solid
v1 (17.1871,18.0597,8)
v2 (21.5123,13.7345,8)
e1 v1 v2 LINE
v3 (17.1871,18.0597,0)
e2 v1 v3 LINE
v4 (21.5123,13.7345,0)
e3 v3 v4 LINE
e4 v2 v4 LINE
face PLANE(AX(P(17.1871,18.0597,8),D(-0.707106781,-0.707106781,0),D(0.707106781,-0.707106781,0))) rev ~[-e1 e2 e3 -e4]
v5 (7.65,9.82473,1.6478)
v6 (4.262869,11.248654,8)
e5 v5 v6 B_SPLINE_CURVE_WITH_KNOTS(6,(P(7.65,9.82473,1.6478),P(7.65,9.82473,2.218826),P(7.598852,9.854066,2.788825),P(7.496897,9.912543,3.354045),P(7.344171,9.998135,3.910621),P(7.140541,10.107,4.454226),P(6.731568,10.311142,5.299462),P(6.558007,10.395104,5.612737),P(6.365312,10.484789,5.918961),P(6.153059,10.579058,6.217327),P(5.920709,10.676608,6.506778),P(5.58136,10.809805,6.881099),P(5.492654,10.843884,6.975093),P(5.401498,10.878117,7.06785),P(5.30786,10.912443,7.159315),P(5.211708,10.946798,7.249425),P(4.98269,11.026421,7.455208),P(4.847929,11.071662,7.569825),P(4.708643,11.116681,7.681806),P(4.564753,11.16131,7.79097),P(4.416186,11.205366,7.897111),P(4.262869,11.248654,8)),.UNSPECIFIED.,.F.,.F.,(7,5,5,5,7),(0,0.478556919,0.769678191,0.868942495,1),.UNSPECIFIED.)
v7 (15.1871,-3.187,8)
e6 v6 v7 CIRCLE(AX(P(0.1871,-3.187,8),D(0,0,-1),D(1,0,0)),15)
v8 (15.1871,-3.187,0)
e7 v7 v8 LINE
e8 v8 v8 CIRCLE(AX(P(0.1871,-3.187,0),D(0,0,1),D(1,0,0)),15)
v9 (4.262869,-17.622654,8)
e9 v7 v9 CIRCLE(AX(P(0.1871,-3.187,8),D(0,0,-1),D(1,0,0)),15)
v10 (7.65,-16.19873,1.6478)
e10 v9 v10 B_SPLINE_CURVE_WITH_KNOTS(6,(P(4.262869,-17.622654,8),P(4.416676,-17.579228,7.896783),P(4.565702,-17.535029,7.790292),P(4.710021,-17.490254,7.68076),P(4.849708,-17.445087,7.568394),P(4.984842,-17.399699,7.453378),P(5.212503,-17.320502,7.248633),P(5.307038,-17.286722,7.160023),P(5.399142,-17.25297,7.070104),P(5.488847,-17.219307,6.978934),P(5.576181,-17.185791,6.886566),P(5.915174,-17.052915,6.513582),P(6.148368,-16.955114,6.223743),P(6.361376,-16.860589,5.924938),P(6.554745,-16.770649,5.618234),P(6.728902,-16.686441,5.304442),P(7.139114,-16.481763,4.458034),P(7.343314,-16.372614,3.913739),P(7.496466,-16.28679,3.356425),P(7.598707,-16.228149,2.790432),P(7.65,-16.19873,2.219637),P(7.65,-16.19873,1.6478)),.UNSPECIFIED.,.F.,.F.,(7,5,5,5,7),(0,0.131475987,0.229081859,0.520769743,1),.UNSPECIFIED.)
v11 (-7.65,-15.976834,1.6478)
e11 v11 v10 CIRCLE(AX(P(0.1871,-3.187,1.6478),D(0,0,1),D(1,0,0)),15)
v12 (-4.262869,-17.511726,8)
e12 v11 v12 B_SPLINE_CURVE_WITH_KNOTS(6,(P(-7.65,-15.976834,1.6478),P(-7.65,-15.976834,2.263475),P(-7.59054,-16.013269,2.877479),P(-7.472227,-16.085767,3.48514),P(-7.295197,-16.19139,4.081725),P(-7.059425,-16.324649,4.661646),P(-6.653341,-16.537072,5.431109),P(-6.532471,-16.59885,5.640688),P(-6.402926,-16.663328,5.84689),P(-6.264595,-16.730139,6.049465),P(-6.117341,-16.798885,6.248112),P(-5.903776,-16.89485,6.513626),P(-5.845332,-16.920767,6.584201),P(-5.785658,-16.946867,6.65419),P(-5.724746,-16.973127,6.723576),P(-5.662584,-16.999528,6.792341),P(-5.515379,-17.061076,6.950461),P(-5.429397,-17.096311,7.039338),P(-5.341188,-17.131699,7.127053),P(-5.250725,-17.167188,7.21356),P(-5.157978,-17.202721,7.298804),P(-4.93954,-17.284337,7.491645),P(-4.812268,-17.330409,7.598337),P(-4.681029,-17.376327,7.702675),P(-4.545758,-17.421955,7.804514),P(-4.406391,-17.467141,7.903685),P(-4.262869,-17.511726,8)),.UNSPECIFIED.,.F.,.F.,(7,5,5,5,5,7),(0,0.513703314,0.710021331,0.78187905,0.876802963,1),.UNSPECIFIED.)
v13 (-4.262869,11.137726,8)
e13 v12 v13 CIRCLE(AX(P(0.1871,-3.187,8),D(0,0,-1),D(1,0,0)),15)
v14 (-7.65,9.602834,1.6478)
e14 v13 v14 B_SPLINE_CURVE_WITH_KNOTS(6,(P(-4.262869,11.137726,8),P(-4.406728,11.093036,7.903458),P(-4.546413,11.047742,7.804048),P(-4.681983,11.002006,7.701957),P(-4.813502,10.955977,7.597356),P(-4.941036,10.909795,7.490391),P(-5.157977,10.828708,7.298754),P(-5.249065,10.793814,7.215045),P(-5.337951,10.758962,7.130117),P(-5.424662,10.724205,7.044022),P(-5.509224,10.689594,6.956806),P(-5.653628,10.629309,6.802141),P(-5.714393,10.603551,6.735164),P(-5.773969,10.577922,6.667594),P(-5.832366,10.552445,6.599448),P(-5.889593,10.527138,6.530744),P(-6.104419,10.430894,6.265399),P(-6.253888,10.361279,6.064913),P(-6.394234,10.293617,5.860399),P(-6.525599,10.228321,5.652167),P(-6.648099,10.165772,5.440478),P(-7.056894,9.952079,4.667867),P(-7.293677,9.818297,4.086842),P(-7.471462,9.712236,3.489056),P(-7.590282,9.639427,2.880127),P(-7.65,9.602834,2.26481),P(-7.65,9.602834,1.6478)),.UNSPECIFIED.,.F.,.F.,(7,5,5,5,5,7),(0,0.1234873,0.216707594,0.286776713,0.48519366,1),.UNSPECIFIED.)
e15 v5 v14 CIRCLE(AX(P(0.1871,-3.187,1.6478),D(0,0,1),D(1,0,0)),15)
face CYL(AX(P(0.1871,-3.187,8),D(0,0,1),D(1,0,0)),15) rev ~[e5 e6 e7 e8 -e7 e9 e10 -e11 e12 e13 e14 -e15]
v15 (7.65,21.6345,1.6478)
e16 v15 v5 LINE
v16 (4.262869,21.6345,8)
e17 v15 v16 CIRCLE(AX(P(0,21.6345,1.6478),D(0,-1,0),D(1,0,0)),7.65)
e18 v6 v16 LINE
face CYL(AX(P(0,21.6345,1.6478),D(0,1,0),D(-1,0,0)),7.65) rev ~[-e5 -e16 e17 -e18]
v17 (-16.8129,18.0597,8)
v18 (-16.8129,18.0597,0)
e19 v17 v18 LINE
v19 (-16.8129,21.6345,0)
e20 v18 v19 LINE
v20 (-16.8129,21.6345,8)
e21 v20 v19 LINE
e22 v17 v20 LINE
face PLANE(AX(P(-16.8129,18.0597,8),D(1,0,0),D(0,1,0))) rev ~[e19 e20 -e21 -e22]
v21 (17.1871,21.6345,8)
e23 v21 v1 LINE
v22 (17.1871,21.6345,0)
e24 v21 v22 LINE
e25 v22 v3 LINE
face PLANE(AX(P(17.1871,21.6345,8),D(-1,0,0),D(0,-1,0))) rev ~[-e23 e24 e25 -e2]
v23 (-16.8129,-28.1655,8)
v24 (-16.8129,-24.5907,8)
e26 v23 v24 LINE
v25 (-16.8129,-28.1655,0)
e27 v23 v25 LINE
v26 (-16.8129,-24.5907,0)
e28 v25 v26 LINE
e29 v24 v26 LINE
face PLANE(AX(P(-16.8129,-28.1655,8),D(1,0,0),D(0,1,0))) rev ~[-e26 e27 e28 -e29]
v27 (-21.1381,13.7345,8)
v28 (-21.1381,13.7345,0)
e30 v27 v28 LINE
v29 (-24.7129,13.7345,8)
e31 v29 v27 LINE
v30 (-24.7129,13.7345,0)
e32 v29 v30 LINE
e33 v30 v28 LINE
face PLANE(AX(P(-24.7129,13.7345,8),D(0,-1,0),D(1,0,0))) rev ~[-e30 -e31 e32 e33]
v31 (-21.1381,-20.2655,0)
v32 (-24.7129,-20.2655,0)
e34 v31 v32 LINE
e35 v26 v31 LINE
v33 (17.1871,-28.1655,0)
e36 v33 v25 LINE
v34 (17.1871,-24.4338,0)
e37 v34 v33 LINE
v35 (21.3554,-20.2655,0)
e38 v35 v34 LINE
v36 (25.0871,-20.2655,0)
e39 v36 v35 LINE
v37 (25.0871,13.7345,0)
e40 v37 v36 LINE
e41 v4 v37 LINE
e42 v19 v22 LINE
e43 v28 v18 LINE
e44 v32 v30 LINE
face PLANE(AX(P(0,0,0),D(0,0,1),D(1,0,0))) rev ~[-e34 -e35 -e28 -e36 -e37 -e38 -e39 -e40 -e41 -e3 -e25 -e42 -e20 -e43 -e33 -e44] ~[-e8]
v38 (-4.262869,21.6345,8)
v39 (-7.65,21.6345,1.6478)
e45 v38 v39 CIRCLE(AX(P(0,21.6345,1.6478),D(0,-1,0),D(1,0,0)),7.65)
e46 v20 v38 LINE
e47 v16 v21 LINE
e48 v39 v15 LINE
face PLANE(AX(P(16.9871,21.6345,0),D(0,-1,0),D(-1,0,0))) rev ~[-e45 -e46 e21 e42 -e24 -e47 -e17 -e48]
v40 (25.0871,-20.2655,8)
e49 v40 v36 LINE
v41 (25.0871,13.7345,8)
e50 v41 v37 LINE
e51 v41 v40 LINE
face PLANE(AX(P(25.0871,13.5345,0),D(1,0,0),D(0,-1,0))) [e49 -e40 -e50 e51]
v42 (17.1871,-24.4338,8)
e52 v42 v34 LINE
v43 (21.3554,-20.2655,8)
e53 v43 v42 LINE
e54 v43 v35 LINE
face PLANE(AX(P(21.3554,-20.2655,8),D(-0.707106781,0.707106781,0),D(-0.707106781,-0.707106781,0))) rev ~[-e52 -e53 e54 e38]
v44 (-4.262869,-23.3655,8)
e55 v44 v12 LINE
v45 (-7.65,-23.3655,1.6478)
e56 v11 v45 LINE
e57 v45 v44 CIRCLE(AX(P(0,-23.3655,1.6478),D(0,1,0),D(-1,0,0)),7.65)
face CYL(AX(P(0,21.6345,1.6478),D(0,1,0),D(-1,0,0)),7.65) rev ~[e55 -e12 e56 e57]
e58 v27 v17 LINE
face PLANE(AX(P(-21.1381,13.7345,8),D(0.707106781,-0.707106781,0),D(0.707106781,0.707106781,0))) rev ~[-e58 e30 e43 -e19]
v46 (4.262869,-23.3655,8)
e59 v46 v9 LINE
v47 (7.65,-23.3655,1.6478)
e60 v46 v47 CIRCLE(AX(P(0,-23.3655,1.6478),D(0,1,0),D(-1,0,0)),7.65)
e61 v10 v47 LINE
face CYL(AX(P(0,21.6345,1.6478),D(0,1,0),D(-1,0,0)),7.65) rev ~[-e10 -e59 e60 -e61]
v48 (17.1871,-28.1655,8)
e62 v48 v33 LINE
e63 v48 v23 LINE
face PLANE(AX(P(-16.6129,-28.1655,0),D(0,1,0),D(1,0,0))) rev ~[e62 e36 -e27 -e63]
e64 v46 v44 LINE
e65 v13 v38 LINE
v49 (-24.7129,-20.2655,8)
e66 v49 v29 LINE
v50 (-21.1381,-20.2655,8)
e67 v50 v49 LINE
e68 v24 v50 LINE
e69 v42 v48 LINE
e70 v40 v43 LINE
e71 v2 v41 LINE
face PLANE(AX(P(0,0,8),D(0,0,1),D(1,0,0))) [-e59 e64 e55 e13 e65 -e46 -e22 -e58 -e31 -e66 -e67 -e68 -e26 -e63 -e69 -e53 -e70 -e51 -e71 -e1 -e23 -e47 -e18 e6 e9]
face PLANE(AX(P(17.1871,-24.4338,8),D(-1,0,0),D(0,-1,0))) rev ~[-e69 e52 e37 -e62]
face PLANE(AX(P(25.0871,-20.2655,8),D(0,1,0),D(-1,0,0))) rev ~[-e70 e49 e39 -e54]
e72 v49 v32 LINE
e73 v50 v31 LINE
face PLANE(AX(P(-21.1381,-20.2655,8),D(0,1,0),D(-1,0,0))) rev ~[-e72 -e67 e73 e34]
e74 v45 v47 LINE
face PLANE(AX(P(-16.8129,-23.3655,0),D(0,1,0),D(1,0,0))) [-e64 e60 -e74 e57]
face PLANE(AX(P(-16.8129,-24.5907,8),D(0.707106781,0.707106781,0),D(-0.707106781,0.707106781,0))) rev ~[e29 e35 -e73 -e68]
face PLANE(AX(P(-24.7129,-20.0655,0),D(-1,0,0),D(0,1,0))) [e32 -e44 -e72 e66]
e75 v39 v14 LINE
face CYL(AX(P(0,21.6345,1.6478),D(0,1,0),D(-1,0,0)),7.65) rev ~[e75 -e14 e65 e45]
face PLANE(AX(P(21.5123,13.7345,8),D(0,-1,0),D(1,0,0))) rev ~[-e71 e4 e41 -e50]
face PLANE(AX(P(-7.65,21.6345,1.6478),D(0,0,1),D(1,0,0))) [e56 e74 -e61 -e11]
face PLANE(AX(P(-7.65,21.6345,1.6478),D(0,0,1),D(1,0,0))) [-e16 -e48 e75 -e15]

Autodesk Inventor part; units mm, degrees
ref_plane "YZ Plane" through (0, 0, 0) normal (1, 0, 0) x (0, 1, 0)
ref_plane "XZ Plane" through (0, 0, 0) normal (0, 1, 0) x (-1, 0, 0)
ref_plane "XY Plane" through (0, 0, 0) normal (0, 0, 1) x (1, 0, 0)
sketch "Sketch1" plane through (0, 0, 0) normal (0, 0, 1) x (1, 0, 0)
  line L0 (21.5871, 13.6345) -> (17.0871, 18.1345) projected
  line L1 (17.0871, 18.1345) -> (-16.7129, 18.1345) projected
  line L2 (-16.7129, 18.1345) -> (-21.2129, 13.6345) projected
  line L3 (-21.0966, 13.6345) -> (-21.0966, -20.1655) projected
  line L4 (21.4709, -20.1655) -> (21.4709, 13.6345) projected
  line L5 (21.4709, -20.1655) -> (17.0871, -24.4078) projected
  line L6 (-16.7129, -24.4078) -> (17.0871, -24.4078) projected
  line L7 (-16.7129, -24.4078) -> (-21.0966, -20.1655) projected
  line L8 (-24.7129, -28.1655) -> (-24.7129, 13.6345) construction
  line L9 (25.0871, -28.1655) -> (-24.7129, -28.1655) construction
  line L10 (25.0871, -28.1655) -> (25.0871, 13.6345) construction
  line L11 (17.0871, 21.6345) -> (-16.7129, 21.6345) construction
  line L12 (-21.0552, -20.0655) -> (-16.6129, -24.5078)
  line L13 (-16.6129, -24.5078) -> (-16.6129, -28.1655)
  line L14 (-16.6129, -28.1655) -> (17.0871, -28.1655)
  line L15 (25.0871, -20.0655) -> (21.4295, -20.0655)
  line L16 (25.0871, 13.5345) -> (25.0871, -20.0655)
  line L17 (21.4295, 13.5345) -> (25.0871, 13.5345)
  line L18 (21.4295, 13.5345) -> (16.9871, 17.9768)
  line L19 (16.9871, 17.9768) -> (16.9871, 21.6345)
  line L20 (16.9871, 21.6345) -> (-16.6129, 21.6345)
  line L21 (-16.6129, 21.6345) -> (-16.6129, 17.9768)
  line L22 (-16.6129, 17.9768) -> (-21.0552, 13.5345)
  line L23 (-24.7129, 13.5345) -> (-21.0552, 13.5345)
  line L24 (-24.7129, -20.0655) -> (-24.7129, 13.5345)
  line L25 (-21.0552, -20.0655) -> (-24.7129, -20.0655)
  line L26 (-12.3129, -23.2655) -> (12.6871, -23.2655) projected
  line L27 (12.6871, -23.2655) -> (12.6871, 16.7345) projected
  line L28 (-12.3129, 16.7345) -> (12.6871, 16.7345) projected
  line L29 (-12.3129, -23.2655) -> (-12.3129, 16.7345) projected
  line L30 (14.6871, -25.2655) -> (-14.3129, -25.2655) construction
  line L31 (-14.3129, -25.2655) -> (-14.3129, 18.7345) construction
  line L32 (-14.3129, 18.7345) -> (14.6871, 18.7345) construction
  line L33 (14.6871, 18.7345) -> (14.6871, -25.2655) construction
  line L34 (-17.3129, 21.7345) -> (17.6871, 21.7345) construction
  line L35 (17.6871, 21.7345) -> (17.6871, -28.2655) construction
  line L36 (17.6871, -28.2655) -> (-17.3129, -28.2655) construction
  line L37 (-17.3129, -28.2655) -> (-17.3129, 21.7345) construction
  line L38 (-14.3129, -23.2655) -> (-14.3129, -25.2655)
  line L39 (-14.3129, -25.2655) -> (14.6871, -25.2655)
  line L40 (14.6871, -25.2655) -> (14.6871, -20.0655)
  line L41 (14.6871, -20.0655) -> (17.6871, -20.0655)
  line L42 (17.6871, -20.0655) -> (17.6871, 13.5345)
  line L43 (17.6871, 13.5345) -> (14.6871, 13.5345)
  line L44 (14.6871, 13.5345) -> (14.6871, 18.7345)
  line L45 (14.6871, 18.7345) -> (-14.3129, 18.7345)
  line L46 (-14.3129, 18.7345) -> (-14.3129, 13.5345)
  line L47 (-14.3129, 13.5345) -> (-17.3129, 13.5345)
  line L48 (-17.3129, 13.5345) -> (-17.3129, -20.0655)
  line L49 (-17.3129, -20.0655) -> (-14.3129, -20.0655)
  line L50 (-14.3129, -20.0655) -> (-14.3129, -23.2655)
  line L51 (-16.6129, -28.1655) -> (17.0871, -28.1655)
  line L52 (16.9871, -28.1655) -> (16.9871, -24.3509)
  line L53 (16.9871, -24.3509) -> (21.2726, -20.0655)
  line L54 (21.2726, -20.0655) -> (21.4295, -20.0655)
  point P0 (14.2, -44.8454)
  point P1 (16.9871, 19.8057)
  dimension "d74" = 2
  dimension "d75" = 5
  dimension "d76" = 135
extrude "Extrusion1" add sketch "Sketch1" along normal blind 8 contours L19 L18 L17 L4 L15 L54 L53 L52 L6 L40 L41 L42 L43 L44 L1 | L1 L44 L45 L46 L21 L20 L19 | L44 L43 L42 L41 L40 L6 L38 L50 L49 L48 L47 L46 L1 | L1 L46 L45 L44 | L46 L47 L48 L49 L50 L38 L6 L12 L25 L3 L23 L22 L21 L1 | L17 L16 L15 L4 | L3 L25 L24 L23 | L40 L39 L38 L6 | L6 L52 L14 L13 L12 L38 L39 L40 | L29 L28 L27 L26
sketch "Skizze7" plane through (0, 0, 8) normal (0, 0, 1) x (1, 0, 0)
  line L0 (-21.0552, -20.0655) -> (-16.6129, -24.5078) projected
  line L1 (-16.6129, -24.5078) -> (-16.6129, -28.1655) projected
  line L2 (-16.6129, -28.1655) -> (16.9871, -28.1655) construction
  line L3 (16.9871, -28.1655) -> (16.9871, -24.3509) projected
  line L4 (16.9871, -24.3509) -> (21.2726, -20.0655) projected
  line L5 (21.2726, -20.0655) -> (25.0871, -20.0655) projected
  line L6 (25.0871, -20.0655) -> (25.0871, 13.5345) construction
  line L7 (25.0871, 13.5345) -> (21.4295, 13.5345) projected
  line L8 (21.4295, 13.5345) -> (16.9871, 17.9768) projected
  line L9 (16.9871, 17.9768) -> (16.9871, 21.6345) projected
  line L10 (16.9871, 21.6345) -> (-16.6129, 21.6345) construction
  line L11 (-16.6129, 21.6345) -> (-16.6129, 17.9768) projected
  line L12 (-16.6129, 17.9768) -> (-21.0552, 13.5345) projected
  line L13 (-21.0552, 13.5345) -> (-24.7129, 13.5345) projected
  line L14 (-24.7129, 13.5345) -> (-24.7129, -20.0655) construction
  line L15 (-24.7129, -20.0655) -> (-21.0552, -20.0655) projected
  line L16 (-16.8129, 21.8345) -> (17.1871, 21.8345) construction
  line L17 (17.1871, 21.8345) -> (17.1871, 18.0597)
  line L18 (17.1871, 18.0597) -> (21.5123, 13.7345)
  line L19 (21.5123, 13.7345) -> (25.2871, 13.7345)
  line L20 (25.2871, 13.7345) -> (25.2871, -20.2655) construction
  line L21 (25.2871, -20.2655) -> (21.3554, -20.2655)
  line L22 (21.3554, -20.2655) -> (17.1871, -24.4338)
  line L23 (17.1871, -24.4338) -> (17.1871, -28.3655)
  line L24 (17.1871, -28.3655) -> (-16.8129, -28.3655) construction
  line L25 (-16.8129, -28.3655) -> (-16.8129, -24.5907)
  line L26 (-16.8129, -24.5907) -> (-21.1381, -20.2655)
  line L27 (-21.1381, -20.2655) -> (-24.9129, -20.2655)
  line L28 (-24.9129, -20.2655) -> (-24.9129, 13.7345) construction
  line L29 (-24.9129, 13.7345) -> (-21.1381, 13.7345)
  line L30 (-21.1381, 13.7345) -> (-16.8129, 18.0597)
  line L31 (-16.8129, 18.0597) -> (-16.8129, 21.8345)
  line L32 (-21.0552, 13.5345) -> (-24.7129, 13.5345) projected
  line L33 (-24.7129, 13.5345) -> (-24.7129, 13.7345)
  line L34 (-16.6129, 21.6345) -> (-16.6129, 17.9768) projected
  line L35 (-16.6129, 21.6345) -> (-16.8129, 21.6345)
  line L36 (25.0871, -20.0655) -> (25.0871, 13.5345) projected
  line L37 (25.0871, 13.5345) -> (25.0871, 13.7345)
  line L38 (16.9871, 21.6345) -> (17.1871, 21.6345)
  line L39 (16.9871, -28.1655) -> (17.1871, -28.1655)
  line L40 (25.0871, -20.0655) -> (25.0871, -20.2655)
  line L41 (-16.6129, -28.1655) -> (-16.8129, -28.1655)
  line L42 (-24.7129, -20.0655) -> (-24.7129, -20.2655)
  dimension "d94" = 0.2
extrude "IM_offset" add sketch "Skizze7" against normal up to surface (8 mm away)
sketch "Sketch8" plane through (-16.8129, 21.6345, 0) normal (0, 1, 0) x (1, 0, 0)
  line L0 (0, 0) -> (34, 0) projected
  line L1 (34, -8) -> (0, -8) projected
  line L2 (9.1629, -1.6478) -> (24.4629, -1.6478)
  arc A0 (9.1629, -1.6478) -> (24.4629, -1.6478) centre (16.8129, -1.6478) ccw
  line L3 (0, -8) -> (0, 0) projected
  line L4 (34, -8) -> (34, 0) projected
  point P0 (16.8129, 0)
  dimension "d86" = 15.3
  dimension "d88" = 0
extrude "Extrusion7" cut sketch "Sketch8" against normal blind 45 contours A0 L2 L1 | L1 A0
sketch "Sketch9" plane through (0, 0, 8) normal (0, 0, 1) x (1, 0, 0)
  line L0 (-4.2628, 21.6345) -> (-16.8129, 21.6345) projected
  line L1 (-24.7129, 13.7345) -> (-24.7129, -20.2655) projected
  line L2 (17.1871, -28.1655) -> (-16.8129, -28.1655) projected
  line L3 (25.0871, -20.0655) -> (25.0871, 13.7345) projected
  circle A0 centre (0.1871, -3.187) radius 27.0445
  circle A1 centre (0.1871, -3.187) radius 15
  line L4 (4.2628, 21.6345) -> (4.2628, -23.3655) projected
  line L5 (4.2628, -23.3655) -> (-4.2628, -23.3655) projected
  line L6 (-4.2628, -23.3655) -> (-4.2628, 21.6345) projected
  line L7 (17.1871, 21.6345) -> (4.2628, 21.6345) projected
  line L8 (-16.8129, 21.6345) -> (-16.8129, 18.0597) projected
  line L9 (-16.8129, 18.0597) -> (-21.1381, 13.7345) projected
  line L10 (-21.1381, 13.7345) -> (-24.7129, 13.7345) projected
  line L11 (17.1871, -28.1655) -> (17.1871, -24.4338) projected
  line L12 (17.1871, -24.4338) -> (21.3554, -20.2655) projected
  line L13 (21.3554, -20.2655) -> (25.0871, -20.2655) projected
  line L14 (25.0871, -20.2655) -> (25.0871, -20.0655) projected
  line L15 (25.0871, 13.7345) -> (21.5123, 13.7345) projected
  line L16 (21.5123, 13.7345) -> (17.1871, 18.0597) projected
  line L17 (17.1871, 18.0597) -> (17.1871, 21.6345) projected
  line L18 (-21.1381, -20.2655) -> (-24.7129, -20.2655) projected
  line L19 (-16.8129, -24.5907) -> (-21.1381, -20.2655) projected
  line L20 (-16.8129, -28.1655) -> (-16.8129, -24.5907) projected
  point P0 (0, 0)
  dimension "d91" = 30
extrude "Extrusion8" cut sketch "Sketch9" against normal through all contours L6 A1 | A1 L4 L6 | A1 L4
properties part number "20_Cube_Insert_Lens_Cylindrical_Plexiglas_glassslab_v3"
